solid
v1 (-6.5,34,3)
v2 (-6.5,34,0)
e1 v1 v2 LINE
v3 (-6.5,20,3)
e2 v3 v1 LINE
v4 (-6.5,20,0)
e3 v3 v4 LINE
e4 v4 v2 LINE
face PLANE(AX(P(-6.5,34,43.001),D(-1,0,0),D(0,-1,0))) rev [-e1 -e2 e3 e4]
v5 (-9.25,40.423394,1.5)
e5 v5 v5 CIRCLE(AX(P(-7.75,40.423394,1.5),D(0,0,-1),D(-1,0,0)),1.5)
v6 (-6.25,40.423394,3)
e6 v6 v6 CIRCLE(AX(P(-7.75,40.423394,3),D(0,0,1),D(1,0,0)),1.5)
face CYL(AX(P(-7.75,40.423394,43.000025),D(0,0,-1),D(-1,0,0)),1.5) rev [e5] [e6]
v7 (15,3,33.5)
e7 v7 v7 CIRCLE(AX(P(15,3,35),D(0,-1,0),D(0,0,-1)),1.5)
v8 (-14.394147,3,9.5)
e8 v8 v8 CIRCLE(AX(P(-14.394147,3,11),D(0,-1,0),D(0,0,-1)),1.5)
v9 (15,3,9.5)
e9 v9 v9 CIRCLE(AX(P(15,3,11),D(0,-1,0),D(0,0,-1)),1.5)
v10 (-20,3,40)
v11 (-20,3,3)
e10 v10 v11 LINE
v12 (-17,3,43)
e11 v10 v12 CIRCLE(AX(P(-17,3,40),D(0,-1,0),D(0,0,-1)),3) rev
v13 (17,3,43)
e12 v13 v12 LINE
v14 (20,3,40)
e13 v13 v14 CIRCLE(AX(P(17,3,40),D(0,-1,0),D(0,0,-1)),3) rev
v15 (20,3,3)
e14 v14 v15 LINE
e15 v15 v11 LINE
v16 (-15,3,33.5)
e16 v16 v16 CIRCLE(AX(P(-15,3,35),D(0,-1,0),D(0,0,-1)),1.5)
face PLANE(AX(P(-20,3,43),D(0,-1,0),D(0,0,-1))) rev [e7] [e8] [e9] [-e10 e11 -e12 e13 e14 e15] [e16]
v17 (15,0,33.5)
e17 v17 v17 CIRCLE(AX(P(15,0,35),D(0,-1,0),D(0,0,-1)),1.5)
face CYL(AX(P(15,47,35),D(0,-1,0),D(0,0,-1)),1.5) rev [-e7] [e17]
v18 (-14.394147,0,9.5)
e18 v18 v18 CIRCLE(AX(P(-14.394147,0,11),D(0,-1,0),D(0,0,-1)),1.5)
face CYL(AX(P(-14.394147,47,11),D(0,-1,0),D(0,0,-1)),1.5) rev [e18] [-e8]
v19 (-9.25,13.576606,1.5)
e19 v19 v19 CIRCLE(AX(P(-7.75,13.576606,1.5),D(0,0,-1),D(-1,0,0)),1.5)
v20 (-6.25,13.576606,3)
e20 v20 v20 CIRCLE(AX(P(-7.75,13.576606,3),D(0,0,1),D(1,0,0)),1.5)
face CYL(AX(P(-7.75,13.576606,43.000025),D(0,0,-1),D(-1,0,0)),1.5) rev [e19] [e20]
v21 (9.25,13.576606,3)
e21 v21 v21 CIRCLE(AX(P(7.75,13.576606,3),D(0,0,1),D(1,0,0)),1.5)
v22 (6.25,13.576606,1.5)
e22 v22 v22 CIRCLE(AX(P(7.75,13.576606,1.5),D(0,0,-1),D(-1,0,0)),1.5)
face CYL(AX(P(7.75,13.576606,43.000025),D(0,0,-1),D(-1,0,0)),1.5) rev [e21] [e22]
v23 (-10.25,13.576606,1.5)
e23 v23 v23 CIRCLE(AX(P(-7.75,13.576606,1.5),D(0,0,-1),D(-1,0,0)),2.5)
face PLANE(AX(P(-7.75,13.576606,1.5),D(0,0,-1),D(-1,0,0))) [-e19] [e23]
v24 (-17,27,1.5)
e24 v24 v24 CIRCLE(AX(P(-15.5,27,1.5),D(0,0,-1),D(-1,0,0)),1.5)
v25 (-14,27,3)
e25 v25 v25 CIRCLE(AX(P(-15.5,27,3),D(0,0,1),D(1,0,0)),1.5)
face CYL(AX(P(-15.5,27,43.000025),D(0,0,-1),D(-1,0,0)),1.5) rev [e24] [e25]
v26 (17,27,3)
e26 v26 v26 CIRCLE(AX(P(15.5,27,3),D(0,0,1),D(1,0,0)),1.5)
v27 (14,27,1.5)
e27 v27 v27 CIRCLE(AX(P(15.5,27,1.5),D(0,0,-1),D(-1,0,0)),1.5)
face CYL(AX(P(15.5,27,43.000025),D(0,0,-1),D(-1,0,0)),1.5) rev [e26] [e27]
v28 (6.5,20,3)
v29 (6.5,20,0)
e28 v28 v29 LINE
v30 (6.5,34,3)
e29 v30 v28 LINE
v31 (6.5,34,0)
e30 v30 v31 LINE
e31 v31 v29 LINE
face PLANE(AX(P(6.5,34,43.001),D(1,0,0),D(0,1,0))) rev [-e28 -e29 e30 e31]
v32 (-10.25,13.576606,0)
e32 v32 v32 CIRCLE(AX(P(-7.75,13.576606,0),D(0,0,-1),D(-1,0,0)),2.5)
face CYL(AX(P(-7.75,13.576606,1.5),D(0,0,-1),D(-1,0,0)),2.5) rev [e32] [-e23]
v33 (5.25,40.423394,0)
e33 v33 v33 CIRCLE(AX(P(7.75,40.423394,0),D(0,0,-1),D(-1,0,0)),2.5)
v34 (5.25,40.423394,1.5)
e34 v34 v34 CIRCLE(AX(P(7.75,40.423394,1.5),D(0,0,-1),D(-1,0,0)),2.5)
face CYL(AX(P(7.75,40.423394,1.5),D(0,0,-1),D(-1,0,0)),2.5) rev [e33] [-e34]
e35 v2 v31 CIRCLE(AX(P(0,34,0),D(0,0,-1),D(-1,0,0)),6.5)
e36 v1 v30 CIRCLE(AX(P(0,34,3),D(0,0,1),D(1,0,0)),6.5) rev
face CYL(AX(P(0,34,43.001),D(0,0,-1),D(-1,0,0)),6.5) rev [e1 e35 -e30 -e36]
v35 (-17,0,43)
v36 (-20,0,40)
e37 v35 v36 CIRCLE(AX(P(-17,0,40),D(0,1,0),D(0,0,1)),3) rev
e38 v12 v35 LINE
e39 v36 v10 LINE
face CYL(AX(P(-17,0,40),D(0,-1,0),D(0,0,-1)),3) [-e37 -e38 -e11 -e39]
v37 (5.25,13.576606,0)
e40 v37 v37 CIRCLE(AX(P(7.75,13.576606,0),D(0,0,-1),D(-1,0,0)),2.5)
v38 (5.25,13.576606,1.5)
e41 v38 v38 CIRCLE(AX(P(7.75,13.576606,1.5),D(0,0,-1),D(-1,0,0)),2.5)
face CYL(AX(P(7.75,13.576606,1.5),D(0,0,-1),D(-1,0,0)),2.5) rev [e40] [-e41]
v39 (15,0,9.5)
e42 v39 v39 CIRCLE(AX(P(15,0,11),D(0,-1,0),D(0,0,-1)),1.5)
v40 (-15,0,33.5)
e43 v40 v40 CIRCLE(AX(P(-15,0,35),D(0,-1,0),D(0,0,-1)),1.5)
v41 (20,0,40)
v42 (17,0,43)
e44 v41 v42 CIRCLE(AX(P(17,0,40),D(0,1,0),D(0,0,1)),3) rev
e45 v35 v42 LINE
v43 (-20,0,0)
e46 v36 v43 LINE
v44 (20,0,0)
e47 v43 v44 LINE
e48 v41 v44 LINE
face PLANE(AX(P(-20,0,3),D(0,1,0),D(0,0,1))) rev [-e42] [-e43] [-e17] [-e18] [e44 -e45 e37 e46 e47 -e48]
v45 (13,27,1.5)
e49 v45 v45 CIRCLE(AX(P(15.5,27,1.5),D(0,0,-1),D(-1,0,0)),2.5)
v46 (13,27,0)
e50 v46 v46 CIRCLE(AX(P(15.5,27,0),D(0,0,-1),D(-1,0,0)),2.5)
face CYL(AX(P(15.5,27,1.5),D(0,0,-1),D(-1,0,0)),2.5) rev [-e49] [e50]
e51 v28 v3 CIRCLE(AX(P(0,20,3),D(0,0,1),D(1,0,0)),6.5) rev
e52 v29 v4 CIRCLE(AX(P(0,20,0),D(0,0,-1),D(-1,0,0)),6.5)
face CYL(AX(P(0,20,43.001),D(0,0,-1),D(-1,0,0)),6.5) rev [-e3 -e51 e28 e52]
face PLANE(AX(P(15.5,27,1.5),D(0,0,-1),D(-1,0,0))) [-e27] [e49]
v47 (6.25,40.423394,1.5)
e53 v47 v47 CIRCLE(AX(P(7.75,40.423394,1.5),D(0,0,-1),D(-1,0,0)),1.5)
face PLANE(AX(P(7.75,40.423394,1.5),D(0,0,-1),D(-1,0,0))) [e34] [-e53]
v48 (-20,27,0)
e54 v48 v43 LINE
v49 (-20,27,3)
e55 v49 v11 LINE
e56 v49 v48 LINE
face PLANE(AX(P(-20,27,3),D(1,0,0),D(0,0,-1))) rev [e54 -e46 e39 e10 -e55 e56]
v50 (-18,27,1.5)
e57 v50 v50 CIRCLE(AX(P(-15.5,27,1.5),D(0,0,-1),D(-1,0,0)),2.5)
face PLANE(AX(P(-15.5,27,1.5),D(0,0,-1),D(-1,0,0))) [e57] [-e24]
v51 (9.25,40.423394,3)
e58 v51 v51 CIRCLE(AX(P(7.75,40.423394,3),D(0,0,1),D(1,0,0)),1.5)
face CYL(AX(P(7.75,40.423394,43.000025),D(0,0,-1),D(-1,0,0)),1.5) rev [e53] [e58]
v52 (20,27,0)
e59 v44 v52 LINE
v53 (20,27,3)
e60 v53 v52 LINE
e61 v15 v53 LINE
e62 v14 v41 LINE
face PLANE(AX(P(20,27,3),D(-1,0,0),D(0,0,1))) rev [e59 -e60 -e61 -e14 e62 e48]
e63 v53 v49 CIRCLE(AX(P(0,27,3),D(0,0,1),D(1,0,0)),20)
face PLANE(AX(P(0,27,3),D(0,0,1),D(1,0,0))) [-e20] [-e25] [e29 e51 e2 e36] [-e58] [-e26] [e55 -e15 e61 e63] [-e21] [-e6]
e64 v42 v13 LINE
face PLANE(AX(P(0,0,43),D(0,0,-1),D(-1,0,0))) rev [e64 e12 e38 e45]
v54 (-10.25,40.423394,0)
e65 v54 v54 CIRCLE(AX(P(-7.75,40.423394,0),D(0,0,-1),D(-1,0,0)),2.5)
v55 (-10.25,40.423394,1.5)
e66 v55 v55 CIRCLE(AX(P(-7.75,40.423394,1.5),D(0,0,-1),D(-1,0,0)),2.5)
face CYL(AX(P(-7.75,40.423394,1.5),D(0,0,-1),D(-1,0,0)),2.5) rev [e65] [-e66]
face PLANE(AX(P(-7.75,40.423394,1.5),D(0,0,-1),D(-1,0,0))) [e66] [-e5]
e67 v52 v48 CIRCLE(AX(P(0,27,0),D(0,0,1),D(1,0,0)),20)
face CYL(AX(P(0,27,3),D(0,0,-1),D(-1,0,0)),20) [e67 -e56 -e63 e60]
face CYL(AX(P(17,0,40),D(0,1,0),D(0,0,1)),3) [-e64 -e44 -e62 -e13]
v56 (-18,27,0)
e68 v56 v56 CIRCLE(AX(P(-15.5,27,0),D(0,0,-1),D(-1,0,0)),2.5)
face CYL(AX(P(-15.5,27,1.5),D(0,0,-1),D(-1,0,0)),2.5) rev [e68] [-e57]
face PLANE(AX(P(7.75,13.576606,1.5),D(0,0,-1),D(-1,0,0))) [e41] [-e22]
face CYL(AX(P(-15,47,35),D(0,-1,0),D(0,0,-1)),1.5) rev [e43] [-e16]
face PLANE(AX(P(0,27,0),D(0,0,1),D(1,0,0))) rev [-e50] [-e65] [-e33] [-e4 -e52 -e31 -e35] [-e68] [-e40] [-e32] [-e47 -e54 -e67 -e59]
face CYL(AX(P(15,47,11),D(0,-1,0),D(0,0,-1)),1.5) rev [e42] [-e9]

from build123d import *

# Parameters (mm, degrees)
EXTRUDE_1_DEPTH     = 3
SKETCH_2_W          = 40
SKETCH_2_H          = 3
EXTRUDE_2_DEPTH     = 40
SKETCH_3_R          = 2.5
CUT_EXTRUDE_1_DEPTH = 1.5
SKETCH_4_R          = 1.5
CUT_EXTRUDE_2_DEPTH = 66.812232905
SKETCH_5_R          = 1.5
CUT_EXTRUDE_3_DEPTH = 67.76825593
FILLET_1_R          = 3
CUT_EXTRUDE_4_REACH = 68.768


with BuildPart() as part:
    # 草图1 → 凸台-拉伸1 (new body)
    with BuildSketch(Plane.XY):
        with BuildLine():
            Line((-20, 0), (20, 0))
            Line((20, 0), (20, 27))
            ThreePointArc((20, 27), (0, 47), (-20, 27))
            Line((-20, 27), (-20, 0))
        make_face()
    extrude(amount=EXTRUDE_1_DEPTH)

    # 草图2 → 凸台-拉伸2 (add)
    with BuildSketch(Plane.XY.offset(3)):
        with Locations((0, 1.5)):
            Rectangle(SKETCH_2_W, SKETCH_2_H)
    extrude(amount=EXTRUDE_2_DEPTH)

    # 草图3 → 切除-拉伸1 (cut)
    with BuildSketch(Plane(origin=(0, 0, 0), x_dir=(-1, 0, 0), z_dir=(0, 0, -1))):
        with Locations((-15.5, 27)):
            Circle(SKETCH_3_R)
        with Locations((-7.75, 40.423393759)):
            Circle(SKETCH_3_R)
        with Locations((7.75, 40.423393759)):
            Circle(SKETCH_3_R)
        with Locations((15.5, 27)):
            Circle(SKETCH_3_R)
        with Locations((7.75, 13.576606241)):
            Circle(SKETCH_3_R)
        with Locations((-7.75, 13.576606241)):
            Circle(SKETCH_3_R)
    extrude(amount=-CUT_EXTRUDE_1_DEPTH, mode=Mode.SUBTRACT)

    # 草图4 → 切除-拉伸2 (cut, through all)
    with BuildSketch(Plane(origin=(0, 0, 1.5), x_dir=(-1, 0, 0), z_dir=(0, 0, -1))):
        with Locations((-15.5, 27)):
            Circle(SKETCH_4_R)
        with Locations((-7.75, 40.423393759)):
            Circle(SKETCH_4_R)
        with Locations((7.75, 40.423393759)):
            Circle(SKETCH_4_R)
        with Locations((15.5, 27)):
            Circle(SKETCH_4_R)
        with Locations((7.75, 13.576606241)):
            Circle(SKETCH_4_R)
        with Locations((-7.75, 13.576606241)):
            Circle(SKETCH_4_R)
    extrude(amount=-CUT_EXTRUDE_2_DEPTH, mode=Mode.SUBTRACT)

    # 草图5 → 切除-拉伸3 (cut, through all)
    with BuildSketch(Plane.XZ):
        with Locations(Location((-15, 35, 0), (0, 0, 270))):
            Circle(SKETCH_5_R)
        with Locations(Location((15, 35, 0), (0, 0, 270))):
            Circle(SKETCH_5_R)
        with Locations(Location((-14.39414679, 11, 0), (0, 0, 270))):
            Circle(SKETCH_5_R)
        with Locations(Location((15, 11, 0), (0, 0, 270))):
            Circle(SKETCH_5_R)
    extrude(amount=-CUT_EXTRUDE_3_DEPTH, mode=Mode.SUBTRACT)

    # 圆角1
    fillet_1_edges = [part.edges().sort_by_distance(p)[0] for p in [
        (20, 1.5, 43),
        (-20, 1.5, 43),
    ]]
    fillet(fillet_1_edges, radius=FILLET_1_R)

    # 草图6 → 切除-拉伸4 (cut, up to next)
    with BuildSketch(Plane(origin=(0, 0, 0), x_dir=(-1, 0, 0), z_dir=(0, 0, -1)), mode=Mode.PRIVATE) as cut_extrude_4_sk1:
        with BuildLine():
            Line((-6.5, 34), (-6.5, 20))
            ThreePointArc((-6.5, 20), (0, 13.5), (6.5, 20))
            Line((6.5, 20), (6.5, 34))
            ThreePointArc((6.5, 34), (0, 40.5), (-6.5, 34))
        make_face()
    cut_extrude_4_tool1 = extrude(cut_extrude_4_sk1.sketch, amount=-CUT_EXTRUDE_4_REACH, mode=Mode.PRIVATE) & part.part
    add(cut_extrude_4_tool1.solids().sort_by_distance((0, 27, 0))[0], mode=Mode.SUBTRACT)


solid = part.part
